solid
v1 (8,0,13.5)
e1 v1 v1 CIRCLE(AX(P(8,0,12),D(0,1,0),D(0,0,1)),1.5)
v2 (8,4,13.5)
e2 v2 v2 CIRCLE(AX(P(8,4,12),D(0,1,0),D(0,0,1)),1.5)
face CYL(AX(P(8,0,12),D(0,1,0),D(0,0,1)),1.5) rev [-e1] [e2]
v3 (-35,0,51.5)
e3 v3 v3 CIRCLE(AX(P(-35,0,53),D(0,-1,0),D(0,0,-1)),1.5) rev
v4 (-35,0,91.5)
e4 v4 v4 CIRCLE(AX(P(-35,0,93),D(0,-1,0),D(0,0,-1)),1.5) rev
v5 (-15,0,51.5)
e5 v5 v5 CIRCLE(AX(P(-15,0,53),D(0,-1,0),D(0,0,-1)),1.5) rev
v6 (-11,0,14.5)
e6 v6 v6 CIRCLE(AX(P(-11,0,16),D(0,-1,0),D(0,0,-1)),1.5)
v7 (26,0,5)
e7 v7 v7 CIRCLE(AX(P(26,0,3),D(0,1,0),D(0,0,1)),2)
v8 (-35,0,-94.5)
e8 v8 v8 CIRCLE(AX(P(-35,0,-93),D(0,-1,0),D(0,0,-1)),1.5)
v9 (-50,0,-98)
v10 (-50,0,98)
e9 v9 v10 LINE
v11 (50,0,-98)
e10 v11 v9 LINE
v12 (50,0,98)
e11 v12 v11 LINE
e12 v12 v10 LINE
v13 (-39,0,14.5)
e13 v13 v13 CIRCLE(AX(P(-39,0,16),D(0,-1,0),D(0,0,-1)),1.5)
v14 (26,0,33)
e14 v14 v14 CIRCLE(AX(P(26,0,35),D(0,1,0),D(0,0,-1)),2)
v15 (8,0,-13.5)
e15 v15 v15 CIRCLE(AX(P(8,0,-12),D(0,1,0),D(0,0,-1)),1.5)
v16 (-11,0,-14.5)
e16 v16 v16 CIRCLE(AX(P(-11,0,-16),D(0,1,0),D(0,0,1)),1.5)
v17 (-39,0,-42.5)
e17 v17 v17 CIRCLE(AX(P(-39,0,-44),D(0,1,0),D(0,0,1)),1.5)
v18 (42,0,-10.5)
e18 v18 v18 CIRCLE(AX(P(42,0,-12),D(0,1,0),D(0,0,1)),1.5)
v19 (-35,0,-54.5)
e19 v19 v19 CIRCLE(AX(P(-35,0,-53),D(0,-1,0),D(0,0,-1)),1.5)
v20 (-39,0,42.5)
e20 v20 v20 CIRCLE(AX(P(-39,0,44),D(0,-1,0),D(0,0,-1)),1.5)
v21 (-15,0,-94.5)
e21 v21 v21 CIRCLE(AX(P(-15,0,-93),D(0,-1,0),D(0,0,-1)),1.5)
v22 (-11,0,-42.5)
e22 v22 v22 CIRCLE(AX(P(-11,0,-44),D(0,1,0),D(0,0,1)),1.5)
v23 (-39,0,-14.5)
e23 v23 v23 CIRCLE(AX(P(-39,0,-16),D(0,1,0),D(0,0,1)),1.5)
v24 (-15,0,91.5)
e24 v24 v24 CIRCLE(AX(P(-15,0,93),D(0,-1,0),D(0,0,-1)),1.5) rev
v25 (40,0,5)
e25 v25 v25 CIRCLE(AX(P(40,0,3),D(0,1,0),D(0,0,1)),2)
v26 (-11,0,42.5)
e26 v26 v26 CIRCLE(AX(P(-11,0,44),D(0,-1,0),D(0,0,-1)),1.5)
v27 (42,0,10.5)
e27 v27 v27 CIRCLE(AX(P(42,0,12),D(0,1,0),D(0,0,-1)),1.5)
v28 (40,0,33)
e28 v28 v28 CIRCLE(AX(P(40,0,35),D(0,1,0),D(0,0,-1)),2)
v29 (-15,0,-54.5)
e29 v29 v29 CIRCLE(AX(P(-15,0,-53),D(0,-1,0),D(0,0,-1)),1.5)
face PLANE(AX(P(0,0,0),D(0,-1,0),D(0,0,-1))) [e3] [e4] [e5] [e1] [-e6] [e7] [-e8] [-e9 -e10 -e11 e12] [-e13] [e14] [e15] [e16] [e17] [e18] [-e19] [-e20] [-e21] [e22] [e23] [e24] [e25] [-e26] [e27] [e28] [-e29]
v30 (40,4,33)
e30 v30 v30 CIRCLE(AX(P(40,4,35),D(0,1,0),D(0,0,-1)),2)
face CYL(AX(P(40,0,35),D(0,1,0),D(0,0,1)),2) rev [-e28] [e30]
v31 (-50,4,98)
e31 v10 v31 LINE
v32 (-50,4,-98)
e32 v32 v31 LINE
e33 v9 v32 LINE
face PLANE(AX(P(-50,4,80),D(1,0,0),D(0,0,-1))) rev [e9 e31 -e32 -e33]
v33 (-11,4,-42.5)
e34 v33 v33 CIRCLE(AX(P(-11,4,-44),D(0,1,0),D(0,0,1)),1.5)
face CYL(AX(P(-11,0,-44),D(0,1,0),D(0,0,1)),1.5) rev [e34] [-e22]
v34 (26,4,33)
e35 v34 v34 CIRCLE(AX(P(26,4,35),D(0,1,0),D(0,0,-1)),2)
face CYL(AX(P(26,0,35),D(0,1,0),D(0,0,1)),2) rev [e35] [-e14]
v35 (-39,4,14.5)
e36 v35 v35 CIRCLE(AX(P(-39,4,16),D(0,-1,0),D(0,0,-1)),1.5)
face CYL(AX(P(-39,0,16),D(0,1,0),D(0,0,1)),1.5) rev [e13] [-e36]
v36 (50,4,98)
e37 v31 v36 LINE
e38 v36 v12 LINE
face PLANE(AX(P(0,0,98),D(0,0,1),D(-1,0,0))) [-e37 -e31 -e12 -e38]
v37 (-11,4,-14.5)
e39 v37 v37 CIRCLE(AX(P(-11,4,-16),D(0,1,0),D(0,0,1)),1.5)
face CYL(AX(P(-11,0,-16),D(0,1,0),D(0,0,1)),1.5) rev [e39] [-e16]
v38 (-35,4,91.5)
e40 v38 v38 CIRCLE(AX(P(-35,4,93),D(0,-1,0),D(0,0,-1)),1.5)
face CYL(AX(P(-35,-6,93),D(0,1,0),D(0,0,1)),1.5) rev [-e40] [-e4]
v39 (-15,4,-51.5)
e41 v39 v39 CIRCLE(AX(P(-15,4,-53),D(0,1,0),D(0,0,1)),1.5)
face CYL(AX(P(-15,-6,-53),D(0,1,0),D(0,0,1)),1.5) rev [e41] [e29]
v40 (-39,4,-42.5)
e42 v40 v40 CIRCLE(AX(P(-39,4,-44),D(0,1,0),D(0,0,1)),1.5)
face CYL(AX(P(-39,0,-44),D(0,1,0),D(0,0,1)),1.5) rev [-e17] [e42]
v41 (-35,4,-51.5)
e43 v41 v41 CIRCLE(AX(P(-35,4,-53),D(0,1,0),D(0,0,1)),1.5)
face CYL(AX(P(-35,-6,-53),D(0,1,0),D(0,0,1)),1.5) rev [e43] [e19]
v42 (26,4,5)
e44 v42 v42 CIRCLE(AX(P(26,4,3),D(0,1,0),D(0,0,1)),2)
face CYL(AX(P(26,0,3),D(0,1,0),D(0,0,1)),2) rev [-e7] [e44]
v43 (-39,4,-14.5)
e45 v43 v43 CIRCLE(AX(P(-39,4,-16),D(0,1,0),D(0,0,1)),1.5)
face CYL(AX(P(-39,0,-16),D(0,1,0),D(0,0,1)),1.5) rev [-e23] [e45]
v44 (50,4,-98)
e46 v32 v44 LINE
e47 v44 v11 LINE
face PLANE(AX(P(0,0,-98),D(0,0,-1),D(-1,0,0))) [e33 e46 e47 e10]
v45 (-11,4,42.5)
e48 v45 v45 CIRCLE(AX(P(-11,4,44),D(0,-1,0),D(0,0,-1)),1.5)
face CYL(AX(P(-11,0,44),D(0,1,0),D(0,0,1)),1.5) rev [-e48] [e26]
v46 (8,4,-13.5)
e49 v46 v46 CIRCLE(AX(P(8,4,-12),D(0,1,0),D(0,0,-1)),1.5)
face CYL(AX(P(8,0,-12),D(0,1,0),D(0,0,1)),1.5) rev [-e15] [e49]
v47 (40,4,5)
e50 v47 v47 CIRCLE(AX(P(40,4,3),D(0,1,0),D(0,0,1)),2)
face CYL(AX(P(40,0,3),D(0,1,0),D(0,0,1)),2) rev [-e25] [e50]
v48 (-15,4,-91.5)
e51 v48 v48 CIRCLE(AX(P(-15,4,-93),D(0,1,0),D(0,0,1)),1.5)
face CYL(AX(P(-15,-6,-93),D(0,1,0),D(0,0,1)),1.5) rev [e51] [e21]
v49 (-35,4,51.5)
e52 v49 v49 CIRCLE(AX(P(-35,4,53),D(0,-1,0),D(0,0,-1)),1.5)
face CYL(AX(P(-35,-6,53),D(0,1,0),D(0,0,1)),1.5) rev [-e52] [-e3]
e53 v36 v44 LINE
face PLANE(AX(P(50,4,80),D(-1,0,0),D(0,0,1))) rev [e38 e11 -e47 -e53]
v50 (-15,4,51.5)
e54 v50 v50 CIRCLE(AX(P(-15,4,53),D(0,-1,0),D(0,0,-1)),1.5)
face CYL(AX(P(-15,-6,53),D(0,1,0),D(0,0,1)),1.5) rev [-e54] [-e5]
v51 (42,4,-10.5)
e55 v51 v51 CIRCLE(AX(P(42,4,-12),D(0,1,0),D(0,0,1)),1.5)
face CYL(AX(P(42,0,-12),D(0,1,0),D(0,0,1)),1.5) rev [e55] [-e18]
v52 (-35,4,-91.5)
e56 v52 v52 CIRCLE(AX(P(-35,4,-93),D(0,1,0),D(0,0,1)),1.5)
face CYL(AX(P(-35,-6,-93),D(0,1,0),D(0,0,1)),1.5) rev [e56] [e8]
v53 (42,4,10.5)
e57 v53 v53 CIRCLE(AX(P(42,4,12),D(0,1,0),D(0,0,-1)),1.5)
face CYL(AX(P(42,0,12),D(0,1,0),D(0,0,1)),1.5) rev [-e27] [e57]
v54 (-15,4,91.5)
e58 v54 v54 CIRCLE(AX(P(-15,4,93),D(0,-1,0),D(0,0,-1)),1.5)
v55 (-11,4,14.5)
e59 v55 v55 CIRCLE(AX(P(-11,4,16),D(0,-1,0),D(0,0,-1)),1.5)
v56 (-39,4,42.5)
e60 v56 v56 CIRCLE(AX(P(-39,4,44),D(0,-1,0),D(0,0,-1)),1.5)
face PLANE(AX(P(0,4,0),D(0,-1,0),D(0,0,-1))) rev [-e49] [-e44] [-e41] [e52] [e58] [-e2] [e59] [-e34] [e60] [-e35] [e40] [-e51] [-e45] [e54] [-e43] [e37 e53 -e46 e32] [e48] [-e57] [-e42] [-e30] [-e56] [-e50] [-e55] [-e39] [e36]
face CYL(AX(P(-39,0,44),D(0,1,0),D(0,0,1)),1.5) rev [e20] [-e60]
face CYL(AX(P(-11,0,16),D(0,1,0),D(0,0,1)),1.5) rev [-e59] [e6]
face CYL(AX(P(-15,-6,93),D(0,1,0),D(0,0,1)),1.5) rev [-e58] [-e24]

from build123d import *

# Parameters (mm, degrees)
SKETCH_1_W                  = 100
SKETCH_1_H                  = 160
EXTRUDE_1_DEPTH             = 4
SKETCH_2_R                  = 2
CUT_EXTRUDE_1_DEPTH         = 4
SKETCH_3_R                  = 1.5
CUT_EXTRUDE_2_DEPTH         = 4
SKETCH_4_R                  = 1.5
CUT_EXTRUDE_3_DEPTH         = 4
SKETCH_6_W                  = 100
SKETCH_6_H                  = 4
EXTRUDE_2_DEPTH             = 18
SKETCH_5_R                  = 1.5
CUT_EXTRUDE_4_DEPTH         = 10
PATTERN_LINEAR_1_COUNT      = 2
PATTERN_LINEAR_1_PITCH      = 40
PATTERN_LINEAR_1_COUNT_DIR2 = 2
PATTERN_LINEAR_1_PITCH_DIR2 = 20
MIRROR_3_COPY_1_SKETCH_R    = 1.5
MIRROR_3_COPY_1_DEPTH       = 10
MIRROR_3_COPY_2_SKETCH_R    = 1.5
MIRROR_3_COPY_2_DEPTH       = 10
MIRROR_3_COPY_3_SKETCH_R    = 1.5
MIRROR_3_COPY_3_DEPTH       = 10


with BuildPart() as part:
    # 草图1 → 凸台-拉伸1 (new body)
    with BuildSketch(Plane(origin=(0, 0, 0), x_dir=(1, 0, 0), z_dir=(0, 1, 0))):
        Rectangle(SKETCH_1_W, SKETCH_1_H)
    extrude(amount=EXTRUDE_1_DEPTH)

    # 草图2 → 切除-拉伸1 (cut)
    with BuildSketch(Plane(origin=(0, 4, 0), x_dir=(1, 0, 0), z_dir=(0, 1, 0))):
        with Locations(Location((40, -3, 0), (0, 0, 270))):
            Circle(SKETCH_2_R)
        with Locations(Location((26, -3, 0), (0, 0, 270))):
            Circle(SKETCH_2_R)
        with Locations(Location((40, -35, 0), (0, 0, 90))):
            Circle(SKETCH_2_R)
        with Locations(Location((26, -35, 0), (0, 0, 90))):
            Circle(SKETCH_2_R)
    extrude(amount=-CUT_EXTRUDE_1_DEPTH, mode=Mode.SUBTRACT)

    # 草图3 → 切除-拉伸2 (cut)
    with BuildSketch(Plane(origin=(0, 4, 0), x_dir=(1, 0, 0), z_dir=(0, 1, 0))):
        with Locations(Location((-39, 44, 0), (0, 0, 270))):
            Circle(SKETCH_3_R)
        with Locations(Location((-11, 44, 0), (0, 0, 270))):
            Circle(SKETCH_3_R)
        with Locations(Location((-11, 16, 0), (0, 0, 270))):
            Circle(SKETCH_3_R)
        with Locations(Location((-39, 16, 0), (0, 0, 270))):
            Circle(SKETCH_3_R)
    cut_extrude_2 = extrude(amount=-CUT_EXTRUDE_2_DEPTH, mode=Mode.SUBTRACT)

    # 镜向1: 切除-拉伸2 across plane
    add(cut_extrude_2.mirror(Plane.XY), mode=Mode.SUBTRACT)

    # 草图4 → 切除-拉伸3 (cut)
    with BuildSketch(Plane(origin=(0, 4, 0), x_dir=(1, 0, 0), z_dir=(0, 1, 0))):
        with Locations(Location((42, 12, 0), (0, 0, 270))):
            Circle(SKETCH_4_R)
        with Locations(Location((8, 12, 0), (0, 0, 90))):
            Circle(SKETCH_4_R)
        with Locations(Location((42, -12, 0), (0, 0, 90))):
            Circle(SKETCH_4_R)
        with Locations(Location((8, -12, 0), (0, 0, 270))):
            Circle(SKETCH_4_R)
    extrude(amount=-CUT_EXTRUDE_3_DEPTH, mode=Mode.SUBTRACT)

    # 草图6 → 凸台-拉伸2 (add)
    with BuildSketch(Plane(origin=(0, 0, -80), x_dir=(-1, 0, 0), z_dir=(0, 0, -1))):
        with Locations((0, 2)):
            Rectangle(SKETCH_6_W, SKETCH_6_H)
    extrude_2 = extrude(amount=EXTRUDE_2_DEPTH)

    # 草图5 → 切除-拉伸4 (cut)
    with BuildSketch(Plane(origin=(0, 4, 0), x_dir=(1, 0, 0), z_dir=(0, 1, 0))):
        with Locations(Location((-35, 93, 0), (0, 0, 270))):
            Circle(SKETCH_5_R)
    cut_extrude_4 = extrude(amount=-CUT_EXTRUDE_4_DEPTH, mode=Mode.SUBTRACT)

    # 镜向2: 凸台-拉伸2 across plane
    add(extrude_2.mirror(Plane.XY))

    # 阵列(线性)1: Cut-Extrude 4 2 × 2
    with Locations(*[(j * PATTERN_LINEAR_1_PITCH_DIR2, 0, i * PATTERN_LINEAR_1_PITCH) for i in range(PATTERN_LINEAR_1_COUNT) for j in range(PATTERN_LINEAR_1_COUNT_DIR2) if (i, j) != (0, 0)]):
        add(cut_extrude_4, mode=Mode.SUBTRACT)

    # 镜向3: 切除-拉伸4 across plane
    add(cut_extrude_4.mirror(Plane.XY), mode=Mode.SUBTRACT)

    # 镜向3 copy 1 sketch → 镜向3 copy 1 (cut)
    with BuildSketch(Plane(origin=(20, 4, 0), x_dir=(1, 0, 0), z_dir=(0, 1, 0))):
        with Locations((-35, -93)):
            Circle(MIRROR_3_COPY_1_SKETCH_R)
    extrude(amount=-MIRROR_3_COPY_1_DEPTH, mode=Mode.SUBTRACT)

    # 镜向3 copy 2 sketch → 镜向3 copy 2 (cut)
    with BuildSketch(Plane(origin=(0, 4, -40), x_dir=(1, 0, 0), z_dir=(0, 1, 0))):
        with Locations((-35, -93)):
            Circle(MIRROR_3_COPY_2_SKETCH_R)
    extrude(amount=-MIRROR_3_COPY_2_DEPTH, mode=Mode.SUBTRACT)

    # 镜向3 copy 3 sketch → 镜向3 copy 3 (cut)
    with BuildSketch(Plane(origin=(20, 4, -40), x_dir=(1, 0, 0), z_dir=(0, 1, 0))):
        with Locations((-35, -93)):
            Circle(MIRROR_3_COPY_3_SKETCH_R)
    extrude(amount=-MIRROR_3_COPY_3_DEPTH, mode=Mode.SUBTRACT)


solid = part.part
